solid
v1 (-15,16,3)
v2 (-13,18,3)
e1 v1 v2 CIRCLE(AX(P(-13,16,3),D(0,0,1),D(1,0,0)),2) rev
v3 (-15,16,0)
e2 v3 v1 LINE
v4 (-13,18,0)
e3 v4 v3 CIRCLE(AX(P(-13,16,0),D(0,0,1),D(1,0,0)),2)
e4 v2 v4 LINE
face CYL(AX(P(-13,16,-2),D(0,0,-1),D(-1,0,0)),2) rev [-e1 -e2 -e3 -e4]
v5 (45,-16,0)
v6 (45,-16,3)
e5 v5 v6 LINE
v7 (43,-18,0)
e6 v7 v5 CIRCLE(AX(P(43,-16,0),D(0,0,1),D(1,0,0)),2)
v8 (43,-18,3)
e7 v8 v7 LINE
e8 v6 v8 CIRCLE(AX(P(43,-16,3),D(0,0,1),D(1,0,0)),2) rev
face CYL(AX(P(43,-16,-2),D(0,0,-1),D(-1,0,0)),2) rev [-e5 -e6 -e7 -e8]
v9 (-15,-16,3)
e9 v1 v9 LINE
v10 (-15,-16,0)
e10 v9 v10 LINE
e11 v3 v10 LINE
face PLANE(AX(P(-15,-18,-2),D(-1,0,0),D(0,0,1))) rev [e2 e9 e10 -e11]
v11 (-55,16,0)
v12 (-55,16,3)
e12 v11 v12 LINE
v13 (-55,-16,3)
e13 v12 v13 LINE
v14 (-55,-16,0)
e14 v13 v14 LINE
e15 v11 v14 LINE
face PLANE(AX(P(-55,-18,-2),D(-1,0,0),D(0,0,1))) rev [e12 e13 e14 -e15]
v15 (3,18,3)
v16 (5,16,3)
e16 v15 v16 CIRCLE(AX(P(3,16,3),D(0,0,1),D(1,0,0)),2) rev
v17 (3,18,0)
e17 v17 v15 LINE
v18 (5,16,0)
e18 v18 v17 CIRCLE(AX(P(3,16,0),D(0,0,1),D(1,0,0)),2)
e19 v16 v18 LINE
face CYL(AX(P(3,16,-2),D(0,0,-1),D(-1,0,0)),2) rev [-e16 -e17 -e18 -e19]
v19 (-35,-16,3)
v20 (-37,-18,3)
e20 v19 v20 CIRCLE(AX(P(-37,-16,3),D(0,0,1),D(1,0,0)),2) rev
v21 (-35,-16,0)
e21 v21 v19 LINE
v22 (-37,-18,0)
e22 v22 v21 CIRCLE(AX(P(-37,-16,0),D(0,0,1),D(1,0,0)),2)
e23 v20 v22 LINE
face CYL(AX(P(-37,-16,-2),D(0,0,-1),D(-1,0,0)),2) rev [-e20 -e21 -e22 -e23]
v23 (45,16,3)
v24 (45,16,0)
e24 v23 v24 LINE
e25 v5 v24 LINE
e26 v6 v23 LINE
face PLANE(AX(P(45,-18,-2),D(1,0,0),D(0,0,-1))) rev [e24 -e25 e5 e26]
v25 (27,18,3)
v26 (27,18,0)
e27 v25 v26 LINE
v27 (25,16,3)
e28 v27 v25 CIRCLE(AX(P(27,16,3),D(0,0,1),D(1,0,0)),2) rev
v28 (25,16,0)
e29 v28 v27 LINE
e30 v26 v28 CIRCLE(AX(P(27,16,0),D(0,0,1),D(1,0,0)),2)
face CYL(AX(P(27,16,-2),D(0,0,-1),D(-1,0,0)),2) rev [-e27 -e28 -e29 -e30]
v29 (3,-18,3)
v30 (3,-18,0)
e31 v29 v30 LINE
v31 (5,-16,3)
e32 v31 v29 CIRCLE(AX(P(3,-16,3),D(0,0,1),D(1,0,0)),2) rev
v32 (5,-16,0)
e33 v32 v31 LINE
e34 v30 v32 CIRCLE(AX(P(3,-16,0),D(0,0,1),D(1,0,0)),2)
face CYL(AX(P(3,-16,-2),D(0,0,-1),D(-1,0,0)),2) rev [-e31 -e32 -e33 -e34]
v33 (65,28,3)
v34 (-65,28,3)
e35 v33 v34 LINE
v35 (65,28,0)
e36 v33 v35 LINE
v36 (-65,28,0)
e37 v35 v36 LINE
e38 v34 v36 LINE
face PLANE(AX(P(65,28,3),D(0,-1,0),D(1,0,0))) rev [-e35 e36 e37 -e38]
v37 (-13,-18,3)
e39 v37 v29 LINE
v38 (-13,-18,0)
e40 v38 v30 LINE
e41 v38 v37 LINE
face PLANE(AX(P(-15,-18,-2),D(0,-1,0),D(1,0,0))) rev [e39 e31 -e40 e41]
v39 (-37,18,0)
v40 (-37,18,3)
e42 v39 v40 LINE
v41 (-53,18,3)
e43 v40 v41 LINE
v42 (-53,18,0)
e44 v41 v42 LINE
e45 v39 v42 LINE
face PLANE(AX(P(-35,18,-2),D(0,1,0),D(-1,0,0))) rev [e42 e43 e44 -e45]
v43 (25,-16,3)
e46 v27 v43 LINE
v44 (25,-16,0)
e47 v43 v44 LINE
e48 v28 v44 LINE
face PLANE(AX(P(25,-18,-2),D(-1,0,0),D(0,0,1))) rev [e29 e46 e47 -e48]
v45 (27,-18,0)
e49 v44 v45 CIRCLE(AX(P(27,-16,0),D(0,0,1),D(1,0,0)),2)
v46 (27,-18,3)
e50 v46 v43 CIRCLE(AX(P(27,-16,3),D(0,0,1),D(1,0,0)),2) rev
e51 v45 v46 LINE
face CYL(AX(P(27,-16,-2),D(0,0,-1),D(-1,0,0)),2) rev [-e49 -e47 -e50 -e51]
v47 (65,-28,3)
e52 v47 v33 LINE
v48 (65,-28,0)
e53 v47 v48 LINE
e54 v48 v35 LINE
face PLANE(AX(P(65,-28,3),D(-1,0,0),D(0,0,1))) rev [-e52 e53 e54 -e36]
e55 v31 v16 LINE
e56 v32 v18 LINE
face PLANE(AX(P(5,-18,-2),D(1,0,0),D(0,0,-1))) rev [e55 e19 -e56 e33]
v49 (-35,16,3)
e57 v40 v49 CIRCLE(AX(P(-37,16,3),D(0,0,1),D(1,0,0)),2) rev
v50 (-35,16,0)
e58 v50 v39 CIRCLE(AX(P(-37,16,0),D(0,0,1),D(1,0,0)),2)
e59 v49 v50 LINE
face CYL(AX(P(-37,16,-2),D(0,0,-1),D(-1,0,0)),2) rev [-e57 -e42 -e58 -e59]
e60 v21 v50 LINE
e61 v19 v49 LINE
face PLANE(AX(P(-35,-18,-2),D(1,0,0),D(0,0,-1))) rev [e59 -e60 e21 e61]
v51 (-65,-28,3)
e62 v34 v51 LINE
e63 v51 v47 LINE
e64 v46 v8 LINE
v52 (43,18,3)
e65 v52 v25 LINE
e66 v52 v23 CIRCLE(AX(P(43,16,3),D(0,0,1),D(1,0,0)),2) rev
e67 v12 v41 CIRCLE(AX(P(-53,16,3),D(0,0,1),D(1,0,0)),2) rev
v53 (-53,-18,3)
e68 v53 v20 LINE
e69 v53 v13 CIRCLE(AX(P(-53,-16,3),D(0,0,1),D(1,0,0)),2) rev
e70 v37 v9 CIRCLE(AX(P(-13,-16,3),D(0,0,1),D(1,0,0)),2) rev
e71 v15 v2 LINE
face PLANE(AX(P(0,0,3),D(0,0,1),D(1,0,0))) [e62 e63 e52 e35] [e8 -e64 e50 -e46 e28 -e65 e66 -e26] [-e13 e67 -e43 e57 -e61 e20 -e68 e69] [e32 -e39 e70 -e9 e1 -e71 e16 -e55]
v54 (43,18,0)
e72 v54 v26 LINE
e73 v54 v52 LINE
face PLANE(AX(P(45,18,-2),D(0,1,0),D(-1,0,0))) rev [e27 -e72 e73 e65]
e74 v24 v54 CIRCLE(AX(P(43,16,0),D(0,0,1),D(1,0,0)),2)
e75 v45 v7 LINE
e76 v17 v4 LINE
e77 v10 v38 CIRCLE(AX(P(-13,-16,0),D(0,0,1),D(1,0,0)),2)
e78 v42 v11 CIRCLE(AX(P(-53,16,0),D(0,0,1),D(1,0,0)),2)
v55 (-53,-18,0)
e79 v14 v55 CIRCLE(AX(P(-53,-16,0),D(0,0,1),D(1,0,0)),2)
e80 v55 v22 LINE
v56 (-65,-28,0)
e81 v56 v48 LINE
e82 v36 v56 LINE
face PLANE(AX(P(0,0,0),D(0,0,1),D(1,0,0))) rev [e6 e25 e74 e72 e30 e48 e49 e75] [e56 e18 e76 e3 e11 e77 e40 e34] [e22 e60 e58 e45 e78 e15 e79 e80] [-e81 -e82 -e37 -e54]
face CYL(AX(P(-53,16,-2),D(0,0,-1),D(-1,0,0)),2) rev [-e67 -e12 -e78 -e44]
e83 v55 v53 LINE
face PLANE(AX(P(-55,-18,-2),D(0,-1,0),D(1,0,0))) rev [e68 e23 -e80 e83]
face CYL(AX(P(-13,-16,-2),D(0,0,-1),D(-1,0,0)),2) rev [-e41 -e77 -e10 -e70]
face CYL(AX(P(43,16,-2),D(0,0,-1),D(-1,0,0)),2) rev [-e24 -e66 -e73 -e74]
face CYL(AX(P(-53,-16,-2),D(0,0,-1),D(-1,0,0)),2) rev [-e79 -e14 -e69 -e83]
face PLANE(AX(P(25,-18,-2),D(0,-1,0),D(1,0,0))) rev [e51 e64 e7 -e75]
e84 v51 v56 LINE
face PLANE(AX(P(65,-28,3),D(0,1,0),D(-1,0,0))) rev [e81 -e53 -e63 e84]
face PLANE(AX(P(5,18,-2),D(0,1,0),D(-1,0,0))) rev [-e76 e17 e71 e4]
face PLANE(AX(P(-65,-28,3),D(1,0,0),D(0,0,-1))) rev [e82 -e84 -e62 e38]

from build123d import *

# Parameters (mm, degrees)
SKETCH1_W           = 130
SKETCH1_H           = 56
BOSS_EXTRUDE1_DEPTH = 3
SKETCH2_W           = 20
SKETCH2_H           = 36
CUT_EXTRUDE1_DEPTH  = 5
FILLET1_R           = 2


with BuildPart() as part:
    # Sketch1 → Boss-Extrude1 (new body)
    with BuildSketch(Plane.XY):
        Rectangle(SKETCH1_W, SKETCH1_H)
    extrude(amount=BOSS_EXTRUDE1_DEPTH)

    # Sketch2 → Cut-Extrude1 (cut)
    with BuildSketch(Plane.XY.offset(3)):
        with Locations((35, 0)):
            Rectangle(SKETCH2_W, SKETCH2_H)
        with Locations((-5, 0)):
            Rectangle(SKETCH2_W, SKETCH2_H)
        with Locations((-45, 0)):
            Rectangle(SKETCH2_W, SKETCH2_H)
    extrude(amount=-CUT_EXTRUDE1_DEPTH, mode=Mode.SUBTRACT)

    # Fillet1
    fillet1_edges = [part.edges().sort_by_distance(p)[0] for p in [
        (5, -18, 1.5),
        (-15, -18, 1.5),
        (-15, 18, 1.5),
        (5, 18, 1.5),
        (-55, 18, 1.5),
        (-35, 18, 1.5),
        (-35, -18, 1.5),
        (-55, -18, 1.5),
        (25, 18, 1.5),
        (45, 18, 1.5),
        (45, -18, 1.5),
        (25, -18, 1.5),
    ]]
    fillet(fillet1_edges, radius=FILLET1_R)


solid = part.part
